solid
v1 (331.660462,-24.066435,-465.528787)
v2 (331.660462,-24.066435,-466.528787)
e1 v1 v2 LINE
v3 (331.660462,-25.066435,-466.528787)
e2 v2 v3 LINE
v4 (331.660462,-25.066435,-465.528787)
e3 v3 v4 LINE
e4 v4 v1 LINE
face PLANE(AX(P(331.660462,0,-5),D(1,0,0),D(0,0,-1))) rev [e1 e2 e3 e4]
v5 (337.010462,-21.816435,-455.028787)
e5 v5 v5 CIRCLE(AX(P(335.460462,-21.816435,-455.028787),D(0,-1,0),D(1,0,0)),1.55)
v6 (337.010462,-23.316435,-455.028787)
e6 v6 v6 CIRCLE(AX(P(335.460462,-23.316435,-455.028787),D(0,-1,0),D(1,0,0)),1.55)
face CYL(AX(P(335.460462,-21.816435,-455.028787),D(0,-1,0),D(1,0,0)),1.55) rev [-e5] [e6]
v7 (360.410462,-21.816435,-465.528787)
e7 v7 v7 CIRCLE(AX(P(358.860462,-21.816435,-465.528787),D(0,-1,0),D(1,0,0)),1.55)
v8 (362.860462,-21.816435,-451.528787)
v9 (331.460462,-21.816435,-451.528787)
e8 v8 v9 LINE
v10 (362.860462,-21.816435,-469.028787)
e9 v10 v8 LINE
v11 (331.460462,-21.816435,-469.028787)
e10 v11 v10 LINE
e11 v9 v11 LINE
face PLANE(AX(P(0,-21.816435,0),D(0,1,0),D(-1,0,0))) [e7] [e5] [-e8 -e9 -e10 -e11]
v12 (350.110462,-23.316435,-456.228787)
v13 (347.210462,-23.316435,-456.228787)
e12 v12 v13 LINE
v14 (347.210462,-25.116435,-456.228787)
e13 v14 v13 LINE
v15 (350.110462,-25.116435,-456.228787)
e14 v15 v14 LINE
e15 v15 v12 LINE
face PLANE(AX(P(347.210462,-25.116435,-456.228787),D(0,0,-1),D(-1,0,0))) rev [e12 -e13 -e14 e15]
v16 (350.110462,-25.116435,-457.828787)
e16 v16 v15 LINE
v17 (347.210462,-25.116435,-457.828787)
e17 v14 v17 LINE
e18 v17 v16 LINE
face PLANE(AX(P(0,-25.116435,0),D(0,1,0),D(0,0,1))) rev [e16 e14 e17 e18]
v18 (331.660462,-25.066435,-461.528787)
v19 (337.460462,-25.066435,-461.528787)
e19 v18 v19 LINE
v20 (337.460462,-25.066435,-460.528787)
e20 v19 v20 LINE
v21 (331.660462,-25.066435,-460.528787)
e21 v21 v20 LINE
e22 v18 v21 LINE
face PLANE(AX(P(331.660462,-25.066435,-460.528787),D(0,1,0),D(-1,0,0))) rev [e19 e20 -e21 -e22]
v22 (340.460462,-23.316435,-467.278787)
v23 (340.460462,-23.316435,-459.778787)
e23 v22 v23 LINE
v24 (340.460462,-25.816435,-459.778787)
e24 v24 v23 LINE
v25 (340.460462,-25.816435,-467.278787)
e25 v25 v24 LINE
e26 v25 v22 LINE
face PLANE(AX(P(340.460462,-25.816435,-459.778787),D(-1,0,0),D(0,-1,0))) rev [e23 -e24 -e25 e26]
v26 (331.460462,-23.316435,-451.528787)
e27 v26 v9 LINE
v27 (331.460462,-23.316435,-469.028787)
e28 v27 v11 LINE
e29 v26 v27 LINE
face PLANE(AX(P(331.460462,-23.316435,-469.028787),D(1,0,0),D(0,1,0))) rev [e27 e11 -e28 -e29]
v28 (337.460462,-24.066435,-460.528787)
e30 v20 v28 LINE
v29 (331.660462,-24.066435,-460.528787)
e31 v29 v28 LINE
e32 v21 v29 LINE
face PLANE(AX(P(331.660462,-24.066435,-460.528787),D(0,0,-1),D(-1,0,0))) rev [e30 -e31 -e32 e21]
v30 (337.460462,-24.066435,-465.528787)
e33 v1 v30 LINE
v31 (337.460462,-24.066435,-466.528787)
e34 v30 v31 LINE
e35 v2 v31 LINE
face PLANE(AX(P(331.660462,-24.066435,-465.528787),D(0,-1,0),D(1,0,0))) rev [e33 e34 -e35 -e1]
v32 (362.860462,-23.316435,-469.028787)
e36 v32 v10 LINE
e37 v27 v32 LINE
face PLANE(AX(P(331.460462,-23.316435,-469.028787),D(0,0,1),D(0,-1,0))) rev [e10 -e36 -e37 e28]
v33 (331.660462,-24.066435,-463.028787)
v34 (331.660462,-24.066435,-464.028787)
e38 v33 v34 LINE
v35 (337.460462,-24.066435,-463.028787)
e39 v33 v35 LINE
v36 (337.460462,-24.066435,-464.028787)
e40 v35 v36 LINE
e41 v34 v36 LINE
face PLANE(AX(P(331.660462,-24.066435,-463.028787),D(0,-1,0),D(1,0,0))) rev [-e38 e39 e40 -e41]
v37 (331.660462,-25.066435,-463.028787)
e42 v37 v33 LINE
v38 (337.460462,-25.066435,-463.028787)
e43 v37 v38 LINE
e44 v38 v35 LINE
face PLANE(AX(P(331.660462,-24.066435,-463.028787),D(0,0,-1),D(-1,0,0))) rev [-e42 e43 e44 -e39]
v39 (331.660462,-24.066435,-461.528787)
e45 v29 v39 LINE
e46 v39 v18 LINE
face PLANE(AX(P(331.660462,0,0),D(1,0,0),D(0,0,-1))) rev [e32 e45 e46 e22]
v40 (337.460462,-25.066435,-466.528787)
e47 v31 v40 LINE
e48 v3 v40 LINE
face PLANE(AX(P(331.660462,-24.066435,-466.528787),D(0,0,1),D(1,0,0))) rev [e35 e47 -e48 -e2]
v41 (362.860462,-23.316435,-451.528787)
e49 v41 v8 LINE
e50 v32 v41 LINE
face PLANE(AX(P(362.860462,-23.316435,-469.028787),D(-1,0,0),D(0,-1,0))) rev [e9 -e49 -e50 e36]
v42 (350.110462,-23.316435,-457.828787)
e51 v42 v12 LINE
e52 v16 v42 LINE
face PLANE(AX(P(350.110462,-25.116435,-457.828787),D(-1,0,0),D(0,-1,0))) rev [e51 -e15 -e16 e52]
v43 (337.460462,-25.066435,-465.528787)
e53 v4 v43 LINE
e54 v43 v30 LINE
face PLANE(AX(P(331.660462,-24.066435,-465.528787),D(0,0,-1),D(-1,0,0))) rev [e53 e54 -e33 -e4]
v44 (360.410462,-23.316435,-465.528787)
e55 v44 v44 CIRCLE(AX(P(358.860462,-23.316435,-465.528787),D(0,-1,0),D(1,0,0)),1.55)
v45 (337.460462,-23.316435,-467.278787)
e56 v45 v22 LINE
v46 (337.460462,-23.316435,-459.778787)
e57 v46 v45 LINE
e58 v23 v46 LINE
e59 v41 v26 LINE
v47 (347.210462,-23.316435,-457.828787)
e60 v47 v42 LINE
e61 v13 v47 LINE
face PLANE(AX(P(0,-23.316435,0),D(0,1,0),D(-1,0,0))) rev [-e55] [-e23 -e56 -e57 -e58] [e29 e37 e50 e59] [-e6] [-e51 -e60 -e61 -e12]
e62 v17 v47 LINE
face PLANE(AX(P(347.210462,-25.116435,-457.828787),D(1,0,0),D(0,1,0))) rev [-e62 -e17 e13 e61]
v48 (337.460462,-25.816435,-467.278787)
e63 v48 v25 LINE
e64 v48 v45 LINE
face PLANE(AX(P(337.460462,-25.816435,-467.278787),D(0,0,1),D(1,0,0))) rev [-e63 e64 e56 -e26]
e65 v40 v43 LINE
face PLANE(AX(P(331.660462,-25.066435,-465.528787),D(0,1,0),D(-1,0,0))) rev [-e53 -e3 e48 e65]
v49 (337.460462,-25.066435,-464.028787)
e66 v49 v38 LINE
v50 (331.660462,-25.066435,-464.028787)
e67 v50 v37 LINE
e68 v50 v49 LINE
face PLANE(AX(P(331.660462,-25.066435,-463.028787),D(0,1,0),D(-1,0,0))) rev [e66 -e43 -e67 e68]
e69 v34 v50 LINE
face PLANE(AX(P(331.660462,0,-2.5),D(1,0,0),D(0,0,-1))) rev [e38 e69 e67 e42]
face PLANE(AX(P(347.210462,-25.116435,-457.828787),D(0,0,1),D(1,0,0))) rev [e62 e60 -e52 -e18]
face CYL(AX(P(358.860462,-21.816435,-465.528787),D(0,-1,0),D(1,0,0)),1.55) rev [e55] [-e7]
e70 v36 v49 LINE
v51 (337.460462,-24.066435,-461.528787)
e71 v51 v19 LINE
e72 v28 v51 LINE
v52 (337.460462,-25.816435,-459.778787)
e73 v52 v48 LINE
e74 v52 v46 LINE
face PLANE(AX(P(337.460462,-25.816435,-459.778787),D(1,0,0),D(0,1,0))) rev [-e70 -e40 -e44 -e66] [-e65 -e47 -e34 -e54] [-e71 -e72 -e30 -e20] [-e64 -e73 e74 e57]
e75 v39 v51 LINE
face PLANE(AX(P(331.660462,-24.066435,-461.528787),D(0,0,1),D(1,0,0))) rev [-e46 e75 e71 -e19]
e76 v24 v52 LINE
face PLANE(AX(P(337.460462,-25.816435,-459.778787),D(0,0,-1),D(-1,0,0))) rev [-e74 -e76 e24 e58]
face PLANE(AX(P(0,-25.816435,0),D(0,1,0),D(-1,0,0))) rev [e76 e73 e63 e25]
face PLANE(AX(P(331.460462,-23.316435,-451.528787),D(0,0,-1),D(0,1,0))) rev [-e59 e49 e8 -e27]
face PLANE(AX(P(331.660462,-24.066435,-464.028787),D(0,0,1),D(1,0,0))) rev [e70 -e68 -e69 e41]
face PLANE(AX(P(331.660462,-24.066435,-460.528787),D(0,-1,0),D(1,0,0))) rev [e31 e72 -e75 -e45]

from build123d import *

# Parameters (mm, degrees)
SZKIC1_W                    = 31.4
SZKIC1_H                    = 17.5
DODANIE_WYCI_GNI_CIE1_DEPTH = 1.5
SZKIC2_R                    = 1.55
WYTNIJ_WYCI_GNI_CIE1_DEPTH  = 1.5
SZKIC3_W                    = 2.9
SZKIC3_H                    = 1.6
DODANIE_WYCI_GNI_CIE2_DEPTH = 1.8
SZKIC4_W                    = 3
SZKIC4_H                    = 7.5
DODANIE_WYCI_GNI_CIE3_DEPTH = 2.5
SZKIC6_W                    = 1
SZKIC6_H                    = 1
DODANIE_WYCI_GNI_CIE5_DEPTH = 5.8
SZYK_LINIOWY3_COUNT         = 3
SZYK_LINIOWY3_PITCH         = 2.5


with BuildPart() as part:
    # Szkic1 → Dodanie-wyciągnięcie1 (new body)
    with BuildSketch(Plane.XZ.offset(21.816434763)):
        with Locations((347.160462116, -460.278787137)):
            Rectangle(SZKIC1_W, SZKIC1_H)
    extrude(amount=DODANIE_WYCI_GNI_CIE1_DEPTH)

    # Szkic2 → Wytnij-wyciągnięcie1 (cut)
    with BuildSketch(Plane.XZ.offset(23.316434763)):
        with Locations((358.860462116, -465.528787137)):
            Circle(SZKIC2_R)
        with Locations((335.460462116, -455.028787137)):
            Circle(SZKIC2_R)
    extrude(amount=-WYTNIJ_WYCI_GNI_CIE1_DEPTH, mode=Mode.SUBTRACT)

    # Szkic3 → Dodanie-wyciągnięcie2 (add)
    with BuildSketch(Plane.XZ.offset(23.316434763)):
        with Locations((348.660462116, -457.028787137)):
            Rectangle(SZKIC3_W, SZKIC3_H)
    extrude(amount=DODANIE_WYCI_GNI_CIE2_DEPTH)

    # Szkic4 → Dodanie-wyciągnięcie3 (add)
    with BuildSketch(Plane.XZ.offset(23.316434763)):
        with Locations((338.960462116, -463.528787137)):
            Rectangle(SZKIC4_W, SZKIC4_H)
    extrude(amount=DODANIE_WYCI_GNI_CIE3_DEPTH)

    # Szkic6 → Dodanie-wyciągnięcie5 (add)
    with BuildSketch(Plane.ZY.offset(-337.460462116)):
        with Locations((-461.028787137, -24.566434763)):
            Rectangle(SZKIC6_W, SZKIC6_H)
    dodanie_wyci_gni_cie5 = extrude(amount=DODANIE_WYCI_GNI_CIE5_DEPTH)

    # Szyk liniowy3: Dodanie-wyciągnięcie5 ×3
    with Locations(*[(0, 0, -i * SZYK_LINIOWY3_PITCH) for i in range(1, SZYK_LINIOWY3_COUNT)]):
        add(dodanie_wyci_gni_cie5)


solid = part.part
